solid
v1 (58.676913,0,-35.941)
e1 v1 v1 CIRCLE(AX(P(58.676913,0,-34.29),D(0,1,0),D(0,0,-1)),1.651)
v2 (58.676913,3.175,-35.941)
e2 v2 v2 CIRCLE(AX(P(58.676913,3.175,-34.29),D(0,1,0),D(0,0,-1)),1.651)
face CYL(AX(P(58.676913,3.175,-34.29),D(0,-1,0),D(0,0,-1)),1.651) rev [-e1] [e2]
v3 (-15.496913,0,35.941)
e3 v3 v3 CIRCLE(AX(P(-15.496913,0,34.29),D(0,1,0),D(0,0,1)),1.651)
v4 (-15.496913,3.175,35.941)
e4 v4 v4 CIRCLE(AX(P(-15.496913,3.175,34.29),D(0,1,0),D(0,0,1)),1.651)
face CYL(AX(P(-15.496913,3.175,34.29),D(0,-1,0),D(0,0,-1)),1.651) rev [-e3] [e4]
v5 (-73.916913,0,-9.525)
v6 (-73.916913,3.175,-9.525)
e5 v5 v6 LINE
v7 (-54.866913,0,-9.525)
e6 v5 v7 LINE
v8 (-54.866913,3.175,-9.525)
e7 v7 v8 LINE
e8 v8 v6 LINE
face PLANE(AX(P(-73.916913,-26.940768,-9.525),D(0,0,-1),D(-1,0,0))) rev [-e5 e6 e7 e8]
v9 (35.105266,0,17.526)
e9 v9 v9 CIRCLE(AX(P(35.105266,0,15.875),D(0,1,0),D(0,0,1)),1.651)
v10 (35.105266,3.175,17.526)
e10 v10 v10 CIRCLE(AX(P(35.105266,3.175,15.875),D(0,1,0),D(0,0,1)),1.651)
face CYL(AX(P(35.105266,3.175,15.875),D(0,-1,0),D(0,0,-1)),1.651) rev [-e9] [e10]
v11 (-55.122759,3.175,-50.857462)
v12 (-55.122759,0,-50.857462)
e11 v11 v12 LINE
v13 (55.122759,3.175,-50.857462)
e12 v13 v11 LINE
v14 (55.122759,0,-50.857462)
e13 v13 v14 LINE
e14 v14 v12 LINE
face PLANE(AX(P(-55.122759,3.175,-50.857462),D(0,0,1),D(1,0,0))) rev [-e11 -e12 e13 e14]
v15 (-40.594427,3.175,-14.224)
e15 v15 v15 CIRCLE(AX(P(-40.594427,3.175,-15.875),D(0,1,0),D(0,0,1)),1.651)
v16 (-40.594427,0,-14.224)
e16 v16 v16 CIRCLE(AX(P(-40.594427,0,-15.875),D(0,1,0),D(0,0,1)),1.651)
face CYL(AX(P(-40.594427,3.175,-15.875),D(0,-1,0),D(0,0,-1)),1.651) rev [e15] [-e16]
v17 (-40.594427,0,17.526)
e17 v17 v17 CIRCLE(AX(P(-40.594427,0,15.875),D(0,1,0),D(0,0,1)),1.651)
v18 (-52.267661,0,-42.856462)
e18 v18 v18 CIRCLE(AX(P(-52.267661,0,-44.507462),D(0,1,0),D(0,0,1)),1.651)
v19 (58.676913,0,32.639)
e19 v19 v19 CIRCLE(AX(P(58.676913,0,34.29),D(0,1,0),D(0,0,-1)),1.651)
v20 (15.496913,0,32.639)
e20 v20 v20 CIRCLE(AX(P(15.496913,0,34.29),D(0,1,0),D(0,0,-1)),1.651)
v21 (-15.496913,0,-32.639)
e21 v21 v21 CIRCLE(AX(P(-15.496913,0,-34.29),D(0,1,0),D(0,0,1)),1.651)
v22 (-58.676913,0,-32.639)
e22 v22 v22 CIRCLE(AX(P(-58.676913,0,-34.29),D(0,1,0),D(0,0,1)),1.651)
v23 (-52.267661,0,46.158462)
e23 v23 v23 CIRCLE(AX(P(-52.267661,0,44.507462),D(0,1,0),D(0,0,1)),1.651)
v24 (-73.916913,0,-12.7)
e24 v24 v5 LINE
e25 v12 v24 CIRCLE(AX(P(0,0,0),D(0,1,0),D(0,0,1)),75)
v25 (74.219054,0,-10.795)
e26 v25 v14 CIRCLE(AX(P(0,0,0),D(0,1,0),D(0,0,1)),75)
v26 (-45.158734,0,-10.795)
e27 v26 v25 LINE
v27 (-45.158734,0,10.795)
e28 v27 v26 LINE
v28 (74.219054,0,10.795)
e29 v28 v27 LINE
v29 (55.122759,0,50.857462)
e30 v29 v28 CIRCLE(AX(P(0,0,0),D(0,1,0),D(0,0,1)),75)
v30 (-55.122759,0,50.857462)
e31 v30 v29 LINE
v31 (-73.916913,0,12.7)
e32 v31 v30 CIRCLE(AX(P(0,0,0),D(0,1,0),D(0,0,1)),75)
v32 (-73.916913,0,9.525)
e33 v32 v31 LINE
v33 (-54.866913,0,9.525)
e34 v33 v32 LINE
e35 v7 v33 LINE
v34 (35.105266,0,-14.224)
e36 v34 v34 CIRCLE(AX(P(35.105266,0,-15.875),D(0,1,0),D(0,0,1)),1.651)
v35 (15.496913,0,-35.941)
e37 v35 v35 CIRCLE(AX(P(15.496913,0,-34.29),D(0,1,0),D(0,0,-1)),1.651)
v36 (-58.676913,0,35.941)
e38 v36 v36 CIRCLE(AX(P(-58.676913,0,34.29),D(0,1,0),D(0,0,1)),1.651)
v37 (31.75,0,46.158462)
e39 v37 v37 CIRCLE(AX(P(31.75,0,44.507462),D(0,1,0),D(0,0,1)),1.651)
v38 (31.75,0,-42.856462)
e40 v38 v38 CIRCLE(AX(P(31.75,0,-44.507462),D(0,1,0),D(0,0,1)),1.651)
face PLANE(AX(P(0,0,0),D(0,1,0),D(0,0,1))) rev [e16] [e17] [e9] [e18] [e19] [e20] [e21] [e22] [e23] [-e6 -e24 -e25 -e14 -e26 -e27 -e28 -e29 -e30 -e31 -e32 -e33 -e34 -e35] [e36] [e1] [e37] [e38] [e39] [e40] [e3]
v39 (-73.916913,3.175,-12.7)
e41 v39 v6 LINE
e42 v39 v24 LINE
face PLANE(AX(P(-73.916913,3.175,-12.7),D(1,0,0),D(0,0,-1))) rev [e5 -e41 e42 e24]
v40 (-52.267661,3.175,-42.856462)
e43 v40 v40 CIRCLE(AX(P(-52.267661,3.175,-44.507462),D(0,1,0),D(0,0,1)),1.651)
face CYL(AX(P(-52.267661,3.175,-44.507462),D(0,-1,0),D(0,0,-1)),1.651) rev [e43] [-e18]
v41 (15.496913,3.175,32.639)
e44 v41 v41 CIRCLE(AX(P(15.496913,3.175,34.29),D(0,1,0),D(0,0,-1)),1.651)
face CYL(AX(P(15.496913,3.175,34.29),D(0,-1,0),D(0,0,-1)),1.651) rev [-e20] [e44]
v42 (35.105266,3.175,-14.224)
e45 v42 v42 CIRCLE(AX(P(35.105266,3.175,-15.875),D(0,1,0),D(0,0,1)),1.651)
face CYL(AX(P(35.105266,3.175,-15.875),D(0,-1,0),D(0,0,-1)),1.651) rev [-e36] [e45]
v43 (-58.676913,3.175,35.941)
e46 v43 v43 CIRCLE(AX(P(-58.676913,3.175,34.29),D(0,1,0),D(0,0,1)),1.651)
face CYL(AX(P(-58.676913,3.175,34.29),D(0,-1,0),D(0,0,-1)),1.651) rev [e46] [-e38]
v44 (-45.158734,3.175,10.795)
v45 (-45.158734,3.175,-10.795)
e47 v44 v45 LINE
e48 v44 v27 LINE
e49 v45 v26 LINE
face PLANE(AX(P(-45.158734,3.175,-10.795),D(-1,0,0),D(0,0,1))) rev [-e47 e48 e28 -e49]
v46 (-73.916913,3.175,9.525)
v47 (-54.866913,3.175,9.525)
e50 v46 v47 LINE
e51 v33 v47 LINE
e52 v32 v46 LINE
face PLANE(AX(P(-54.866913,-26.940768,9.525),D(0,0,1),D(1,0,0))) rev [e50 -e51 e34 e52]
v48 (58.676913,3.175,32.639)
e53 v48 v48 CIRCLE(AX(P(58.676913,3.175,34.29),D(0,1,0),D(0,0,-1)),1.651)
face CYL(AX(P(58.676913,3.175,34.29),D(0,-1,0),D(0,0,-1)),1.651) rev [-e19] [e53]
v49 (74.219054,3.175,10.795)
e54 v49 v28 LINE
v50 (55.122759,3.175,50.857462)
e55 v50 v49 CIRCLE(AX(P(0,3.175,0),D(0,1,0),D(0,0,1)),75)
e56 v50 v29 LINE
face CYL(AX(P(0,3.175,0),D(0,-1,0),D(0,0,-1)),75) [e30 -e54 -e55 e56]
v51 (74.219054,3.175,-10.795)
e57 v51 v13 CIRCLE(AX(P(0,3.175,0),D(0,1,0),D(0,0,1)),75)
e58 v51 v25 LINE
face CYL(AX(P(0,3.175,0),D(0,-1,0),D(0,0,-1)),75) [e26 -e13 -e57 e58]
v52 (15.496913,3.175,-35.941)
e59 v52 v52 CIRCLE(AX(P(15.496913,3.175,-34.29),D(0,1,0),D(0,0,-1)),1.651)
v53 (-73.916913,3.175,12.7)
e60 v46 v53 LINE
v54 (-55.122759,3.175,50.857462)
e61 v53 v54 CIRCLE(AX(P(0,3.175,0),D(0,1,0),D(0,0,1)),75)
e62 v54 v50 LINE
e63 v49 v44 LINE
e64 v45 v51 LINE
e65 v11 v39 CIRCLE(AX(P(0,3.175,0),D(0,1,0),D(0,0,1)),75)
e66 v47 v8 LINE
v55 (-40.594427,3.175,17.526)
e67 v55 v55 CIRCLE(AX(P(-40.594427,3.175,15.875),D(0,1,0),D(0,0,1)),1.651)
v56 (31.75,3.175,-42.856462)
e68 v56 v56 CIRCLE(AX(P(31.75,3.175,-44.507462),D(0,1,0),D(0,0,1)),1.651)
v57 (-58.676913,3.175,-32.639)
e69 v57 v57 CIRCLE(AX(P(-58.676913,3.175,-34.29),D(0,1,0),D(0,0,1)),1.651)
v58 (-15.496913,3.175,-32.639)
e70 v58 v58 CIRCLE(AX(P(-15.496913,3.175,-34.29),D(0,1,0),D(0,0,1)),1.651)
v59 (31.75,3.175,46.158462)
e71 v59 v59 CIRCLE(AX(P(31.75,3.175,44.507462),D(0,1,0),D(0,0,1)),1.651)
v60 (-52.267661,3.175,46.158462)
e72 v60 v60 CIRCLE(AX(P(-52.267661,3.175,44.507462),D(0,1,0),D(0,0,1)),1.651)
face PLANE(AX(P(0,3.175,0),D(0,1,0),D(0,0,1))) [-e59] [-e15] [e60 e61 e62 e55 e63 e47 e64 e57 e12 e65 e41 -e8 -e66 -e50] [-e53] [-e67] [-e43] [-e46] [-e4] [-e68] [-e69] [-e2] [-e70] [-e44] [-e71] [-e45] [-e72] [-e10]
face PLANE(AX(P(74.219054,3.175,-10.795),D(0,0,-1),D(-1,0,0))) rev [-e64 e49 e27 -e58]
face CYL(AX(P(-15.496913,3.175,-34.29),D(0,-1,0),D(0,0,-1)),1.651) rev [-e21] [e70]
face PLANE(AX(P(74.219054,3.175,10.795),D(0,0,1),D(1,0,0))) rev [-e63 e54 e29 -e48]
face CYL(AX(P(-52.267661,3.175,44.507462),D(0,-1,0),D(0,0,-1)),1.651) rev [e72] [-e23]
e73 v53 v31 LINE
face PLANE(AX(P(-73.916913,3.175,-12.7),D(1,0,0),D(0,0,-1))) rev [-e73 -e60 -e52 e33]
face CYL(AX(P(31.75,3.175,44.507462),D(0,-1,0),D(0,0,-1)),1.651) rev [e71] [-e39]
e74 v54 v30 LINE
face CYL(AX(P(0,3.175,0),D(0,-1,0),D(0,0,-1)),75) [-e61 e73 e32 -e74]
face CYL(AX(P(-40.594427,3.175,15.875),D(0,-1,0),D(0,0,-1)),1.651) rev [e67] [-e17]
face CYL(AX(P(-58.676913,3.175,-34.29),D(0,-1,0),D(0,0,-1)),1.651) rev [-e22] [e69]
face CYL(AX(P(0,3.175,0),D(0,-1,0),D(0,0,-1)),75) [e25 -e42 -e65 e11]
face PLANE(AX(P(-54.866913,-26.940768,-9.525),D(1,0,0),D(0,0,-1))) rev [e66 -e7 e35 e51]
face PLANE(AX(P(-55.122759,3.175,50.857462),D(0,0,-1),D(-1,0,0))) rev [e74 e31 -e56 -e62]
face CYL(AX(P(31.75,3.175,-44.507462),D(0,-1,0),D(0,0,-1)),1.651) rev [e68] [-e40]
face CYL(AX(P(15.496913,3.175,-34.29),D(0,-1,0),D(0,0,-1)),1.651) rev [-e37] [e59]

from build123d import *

# Parameters (mm, degrees)
SKETCH1_R           = 1.651
BOSS_EXTRUDE1_DEPTH = 3.175
SKETCH2_W           = 19.05
SKETCH2_H           = 19.05
CUT_EXTRUDE1_DEPTH  = 3.175


with BuildPart() as part:
    # Sketch1 → Boss-Extrude1 (new body)
    with BuildSketch(Plane(origin=(0, 0, 0), x_dir=(1, 0, 0), z_dir=(0, 1, 0))):
        with BuildLine():
            Line((-73.916912814, 12.7), (-73.916912814, -12.7))
            ThreePointArc((-73.916912814, -12.7), (-67.281551776, -33.138991997), (-55.122759171, -50.857461806))
            Line((-55.122759171, -50.857461806), (55.122759171, -50.857461806))
            ThreePointArc((55.122759171, -50.857461806), (67.702114955, -32.271095901), (74.219053989, -10.795))
            Line((74.219053989, -10.795), (-45.158734092, -10.795))
            Line((-45.158734092, -10.795), (-45.158734092, 10.795))
            Line((-45.158734092, 10.795), (74.219053989, 10.795))
            ThreePointArc((74.219053989, 10.795), (67.702114955, 32.271095901), (55.122759171, 50.857461806))
            Line((55.122759171, 50.857461806), (-55.122759171, 50.857461806))
            ThreePointArc((-55.122759171, 50.857461806), (-67.281551776, 33.138991997), (-73.916912814, 12.7))
        make_face()
        with Locations(Location((31.75, 44.507461806, 0), (0, 0, 270))):
            Circle(SKETCH1_R, mode=Mode.SUBTRACT)
        with Locations(Location((35.105265908, 15.875, 0), (0, 0, 270))):
            Circle(SKETCH1_R, mode=Mode.SUBTRACT)
        with Locations(Location((35.105265908, -15.875, 0), (0, 0, 270))):
            Circle(SKETCH1_R, mode=Mode.SUBTRACT)
        with Locations(Location((-40.594426833, -15.875, 0), (0, 0, 270))):
            Circle(SKETCH1_R, mode=Mode.SUBTRACT)
        with Locations(Location((-40.594426833, 15.875, 0), (0, 0, 270))):
            Circle(SKETCH1_R, mode=Mode.SUBTRACT)
        with Locations(Location((31.75, -44.507461806, 0), (0, 0, 270))):
            Circle(SKETCH1_R, mode=Mode.SUBTRACT)
        with Locations(Location((-52.26766059, -44.507461806, 0), (0, 0, 270))):
            Circle(SKETCH1_R, mode=Mode.SUBTRACT)
        with Locations(Location((-52.26766059, 44.507461806, 0), (0, 0, 270))):
            Circle(SKETCH1_R, mode=Mode.SUBTRACT)
        with Locations(Location((-58.676912814, 34.29, 0), (0, 0, 270))):
            Circle(SKETCH1_R, mode=Mode.SUBTRACT)
        with Locations(Location((-15.496912814, 34.29, 0), (0, 0, 270))):
            Circle(SKETCH1_R, mode=Mode.SUBTRACT)
        with Locations(Location((-15.496912814, -34.29, 0), (0, 0, 270))):
            Circle(SKETCH1_R, mode=Mode.SUBTRACT)
        with Locations(Location((-58.676912814, -34.29, 0), (0, 0, 270))):
            Circle(SKETCH1_R, mode=Mode.SUBTRACT)
        with Locations(Location((15.496912814, -34.29, 0), (0, 0, 90))):
            Circle(SKETCH1_R, mode=Mode.SUBTRACT)
        with Locations(Location((58.676912814, -34.29, 0), (0, 0, 90))):
            Circle(SKETCH1_R, mode=Mode.SUBTRACT)
        with Locations(Location((58.676912814, 34.29, 0), (0, 0, 90))):
            Circle(SKETCH1_R, mode=Mode.SUBTRACT)
        with Locations(Location((15.496912814, 34.29, 0), (0, 0, 90))):
            Circle(SKETCH1_R, mode=Mode.SUBTRACT)
    extrude(amount=BOSS_EXTRUDE1_DEPTH)

    # Sketch2 → Cut-Extrude1 (cut)
    with BuildSketch(Plane(origin=(0, 3.175, 0), x_dir=(1, 0, 0), z_dir=(0, 1, 0))):
        with Locations((-64.391912814, 0)):
            Rectangle(SKETCH2_W, SKETCH2_H)
    extrude(amount=-CUT_EXTRUDE1_DEPTH, mode=Mode.SUBTRACT)


solid = part.part
